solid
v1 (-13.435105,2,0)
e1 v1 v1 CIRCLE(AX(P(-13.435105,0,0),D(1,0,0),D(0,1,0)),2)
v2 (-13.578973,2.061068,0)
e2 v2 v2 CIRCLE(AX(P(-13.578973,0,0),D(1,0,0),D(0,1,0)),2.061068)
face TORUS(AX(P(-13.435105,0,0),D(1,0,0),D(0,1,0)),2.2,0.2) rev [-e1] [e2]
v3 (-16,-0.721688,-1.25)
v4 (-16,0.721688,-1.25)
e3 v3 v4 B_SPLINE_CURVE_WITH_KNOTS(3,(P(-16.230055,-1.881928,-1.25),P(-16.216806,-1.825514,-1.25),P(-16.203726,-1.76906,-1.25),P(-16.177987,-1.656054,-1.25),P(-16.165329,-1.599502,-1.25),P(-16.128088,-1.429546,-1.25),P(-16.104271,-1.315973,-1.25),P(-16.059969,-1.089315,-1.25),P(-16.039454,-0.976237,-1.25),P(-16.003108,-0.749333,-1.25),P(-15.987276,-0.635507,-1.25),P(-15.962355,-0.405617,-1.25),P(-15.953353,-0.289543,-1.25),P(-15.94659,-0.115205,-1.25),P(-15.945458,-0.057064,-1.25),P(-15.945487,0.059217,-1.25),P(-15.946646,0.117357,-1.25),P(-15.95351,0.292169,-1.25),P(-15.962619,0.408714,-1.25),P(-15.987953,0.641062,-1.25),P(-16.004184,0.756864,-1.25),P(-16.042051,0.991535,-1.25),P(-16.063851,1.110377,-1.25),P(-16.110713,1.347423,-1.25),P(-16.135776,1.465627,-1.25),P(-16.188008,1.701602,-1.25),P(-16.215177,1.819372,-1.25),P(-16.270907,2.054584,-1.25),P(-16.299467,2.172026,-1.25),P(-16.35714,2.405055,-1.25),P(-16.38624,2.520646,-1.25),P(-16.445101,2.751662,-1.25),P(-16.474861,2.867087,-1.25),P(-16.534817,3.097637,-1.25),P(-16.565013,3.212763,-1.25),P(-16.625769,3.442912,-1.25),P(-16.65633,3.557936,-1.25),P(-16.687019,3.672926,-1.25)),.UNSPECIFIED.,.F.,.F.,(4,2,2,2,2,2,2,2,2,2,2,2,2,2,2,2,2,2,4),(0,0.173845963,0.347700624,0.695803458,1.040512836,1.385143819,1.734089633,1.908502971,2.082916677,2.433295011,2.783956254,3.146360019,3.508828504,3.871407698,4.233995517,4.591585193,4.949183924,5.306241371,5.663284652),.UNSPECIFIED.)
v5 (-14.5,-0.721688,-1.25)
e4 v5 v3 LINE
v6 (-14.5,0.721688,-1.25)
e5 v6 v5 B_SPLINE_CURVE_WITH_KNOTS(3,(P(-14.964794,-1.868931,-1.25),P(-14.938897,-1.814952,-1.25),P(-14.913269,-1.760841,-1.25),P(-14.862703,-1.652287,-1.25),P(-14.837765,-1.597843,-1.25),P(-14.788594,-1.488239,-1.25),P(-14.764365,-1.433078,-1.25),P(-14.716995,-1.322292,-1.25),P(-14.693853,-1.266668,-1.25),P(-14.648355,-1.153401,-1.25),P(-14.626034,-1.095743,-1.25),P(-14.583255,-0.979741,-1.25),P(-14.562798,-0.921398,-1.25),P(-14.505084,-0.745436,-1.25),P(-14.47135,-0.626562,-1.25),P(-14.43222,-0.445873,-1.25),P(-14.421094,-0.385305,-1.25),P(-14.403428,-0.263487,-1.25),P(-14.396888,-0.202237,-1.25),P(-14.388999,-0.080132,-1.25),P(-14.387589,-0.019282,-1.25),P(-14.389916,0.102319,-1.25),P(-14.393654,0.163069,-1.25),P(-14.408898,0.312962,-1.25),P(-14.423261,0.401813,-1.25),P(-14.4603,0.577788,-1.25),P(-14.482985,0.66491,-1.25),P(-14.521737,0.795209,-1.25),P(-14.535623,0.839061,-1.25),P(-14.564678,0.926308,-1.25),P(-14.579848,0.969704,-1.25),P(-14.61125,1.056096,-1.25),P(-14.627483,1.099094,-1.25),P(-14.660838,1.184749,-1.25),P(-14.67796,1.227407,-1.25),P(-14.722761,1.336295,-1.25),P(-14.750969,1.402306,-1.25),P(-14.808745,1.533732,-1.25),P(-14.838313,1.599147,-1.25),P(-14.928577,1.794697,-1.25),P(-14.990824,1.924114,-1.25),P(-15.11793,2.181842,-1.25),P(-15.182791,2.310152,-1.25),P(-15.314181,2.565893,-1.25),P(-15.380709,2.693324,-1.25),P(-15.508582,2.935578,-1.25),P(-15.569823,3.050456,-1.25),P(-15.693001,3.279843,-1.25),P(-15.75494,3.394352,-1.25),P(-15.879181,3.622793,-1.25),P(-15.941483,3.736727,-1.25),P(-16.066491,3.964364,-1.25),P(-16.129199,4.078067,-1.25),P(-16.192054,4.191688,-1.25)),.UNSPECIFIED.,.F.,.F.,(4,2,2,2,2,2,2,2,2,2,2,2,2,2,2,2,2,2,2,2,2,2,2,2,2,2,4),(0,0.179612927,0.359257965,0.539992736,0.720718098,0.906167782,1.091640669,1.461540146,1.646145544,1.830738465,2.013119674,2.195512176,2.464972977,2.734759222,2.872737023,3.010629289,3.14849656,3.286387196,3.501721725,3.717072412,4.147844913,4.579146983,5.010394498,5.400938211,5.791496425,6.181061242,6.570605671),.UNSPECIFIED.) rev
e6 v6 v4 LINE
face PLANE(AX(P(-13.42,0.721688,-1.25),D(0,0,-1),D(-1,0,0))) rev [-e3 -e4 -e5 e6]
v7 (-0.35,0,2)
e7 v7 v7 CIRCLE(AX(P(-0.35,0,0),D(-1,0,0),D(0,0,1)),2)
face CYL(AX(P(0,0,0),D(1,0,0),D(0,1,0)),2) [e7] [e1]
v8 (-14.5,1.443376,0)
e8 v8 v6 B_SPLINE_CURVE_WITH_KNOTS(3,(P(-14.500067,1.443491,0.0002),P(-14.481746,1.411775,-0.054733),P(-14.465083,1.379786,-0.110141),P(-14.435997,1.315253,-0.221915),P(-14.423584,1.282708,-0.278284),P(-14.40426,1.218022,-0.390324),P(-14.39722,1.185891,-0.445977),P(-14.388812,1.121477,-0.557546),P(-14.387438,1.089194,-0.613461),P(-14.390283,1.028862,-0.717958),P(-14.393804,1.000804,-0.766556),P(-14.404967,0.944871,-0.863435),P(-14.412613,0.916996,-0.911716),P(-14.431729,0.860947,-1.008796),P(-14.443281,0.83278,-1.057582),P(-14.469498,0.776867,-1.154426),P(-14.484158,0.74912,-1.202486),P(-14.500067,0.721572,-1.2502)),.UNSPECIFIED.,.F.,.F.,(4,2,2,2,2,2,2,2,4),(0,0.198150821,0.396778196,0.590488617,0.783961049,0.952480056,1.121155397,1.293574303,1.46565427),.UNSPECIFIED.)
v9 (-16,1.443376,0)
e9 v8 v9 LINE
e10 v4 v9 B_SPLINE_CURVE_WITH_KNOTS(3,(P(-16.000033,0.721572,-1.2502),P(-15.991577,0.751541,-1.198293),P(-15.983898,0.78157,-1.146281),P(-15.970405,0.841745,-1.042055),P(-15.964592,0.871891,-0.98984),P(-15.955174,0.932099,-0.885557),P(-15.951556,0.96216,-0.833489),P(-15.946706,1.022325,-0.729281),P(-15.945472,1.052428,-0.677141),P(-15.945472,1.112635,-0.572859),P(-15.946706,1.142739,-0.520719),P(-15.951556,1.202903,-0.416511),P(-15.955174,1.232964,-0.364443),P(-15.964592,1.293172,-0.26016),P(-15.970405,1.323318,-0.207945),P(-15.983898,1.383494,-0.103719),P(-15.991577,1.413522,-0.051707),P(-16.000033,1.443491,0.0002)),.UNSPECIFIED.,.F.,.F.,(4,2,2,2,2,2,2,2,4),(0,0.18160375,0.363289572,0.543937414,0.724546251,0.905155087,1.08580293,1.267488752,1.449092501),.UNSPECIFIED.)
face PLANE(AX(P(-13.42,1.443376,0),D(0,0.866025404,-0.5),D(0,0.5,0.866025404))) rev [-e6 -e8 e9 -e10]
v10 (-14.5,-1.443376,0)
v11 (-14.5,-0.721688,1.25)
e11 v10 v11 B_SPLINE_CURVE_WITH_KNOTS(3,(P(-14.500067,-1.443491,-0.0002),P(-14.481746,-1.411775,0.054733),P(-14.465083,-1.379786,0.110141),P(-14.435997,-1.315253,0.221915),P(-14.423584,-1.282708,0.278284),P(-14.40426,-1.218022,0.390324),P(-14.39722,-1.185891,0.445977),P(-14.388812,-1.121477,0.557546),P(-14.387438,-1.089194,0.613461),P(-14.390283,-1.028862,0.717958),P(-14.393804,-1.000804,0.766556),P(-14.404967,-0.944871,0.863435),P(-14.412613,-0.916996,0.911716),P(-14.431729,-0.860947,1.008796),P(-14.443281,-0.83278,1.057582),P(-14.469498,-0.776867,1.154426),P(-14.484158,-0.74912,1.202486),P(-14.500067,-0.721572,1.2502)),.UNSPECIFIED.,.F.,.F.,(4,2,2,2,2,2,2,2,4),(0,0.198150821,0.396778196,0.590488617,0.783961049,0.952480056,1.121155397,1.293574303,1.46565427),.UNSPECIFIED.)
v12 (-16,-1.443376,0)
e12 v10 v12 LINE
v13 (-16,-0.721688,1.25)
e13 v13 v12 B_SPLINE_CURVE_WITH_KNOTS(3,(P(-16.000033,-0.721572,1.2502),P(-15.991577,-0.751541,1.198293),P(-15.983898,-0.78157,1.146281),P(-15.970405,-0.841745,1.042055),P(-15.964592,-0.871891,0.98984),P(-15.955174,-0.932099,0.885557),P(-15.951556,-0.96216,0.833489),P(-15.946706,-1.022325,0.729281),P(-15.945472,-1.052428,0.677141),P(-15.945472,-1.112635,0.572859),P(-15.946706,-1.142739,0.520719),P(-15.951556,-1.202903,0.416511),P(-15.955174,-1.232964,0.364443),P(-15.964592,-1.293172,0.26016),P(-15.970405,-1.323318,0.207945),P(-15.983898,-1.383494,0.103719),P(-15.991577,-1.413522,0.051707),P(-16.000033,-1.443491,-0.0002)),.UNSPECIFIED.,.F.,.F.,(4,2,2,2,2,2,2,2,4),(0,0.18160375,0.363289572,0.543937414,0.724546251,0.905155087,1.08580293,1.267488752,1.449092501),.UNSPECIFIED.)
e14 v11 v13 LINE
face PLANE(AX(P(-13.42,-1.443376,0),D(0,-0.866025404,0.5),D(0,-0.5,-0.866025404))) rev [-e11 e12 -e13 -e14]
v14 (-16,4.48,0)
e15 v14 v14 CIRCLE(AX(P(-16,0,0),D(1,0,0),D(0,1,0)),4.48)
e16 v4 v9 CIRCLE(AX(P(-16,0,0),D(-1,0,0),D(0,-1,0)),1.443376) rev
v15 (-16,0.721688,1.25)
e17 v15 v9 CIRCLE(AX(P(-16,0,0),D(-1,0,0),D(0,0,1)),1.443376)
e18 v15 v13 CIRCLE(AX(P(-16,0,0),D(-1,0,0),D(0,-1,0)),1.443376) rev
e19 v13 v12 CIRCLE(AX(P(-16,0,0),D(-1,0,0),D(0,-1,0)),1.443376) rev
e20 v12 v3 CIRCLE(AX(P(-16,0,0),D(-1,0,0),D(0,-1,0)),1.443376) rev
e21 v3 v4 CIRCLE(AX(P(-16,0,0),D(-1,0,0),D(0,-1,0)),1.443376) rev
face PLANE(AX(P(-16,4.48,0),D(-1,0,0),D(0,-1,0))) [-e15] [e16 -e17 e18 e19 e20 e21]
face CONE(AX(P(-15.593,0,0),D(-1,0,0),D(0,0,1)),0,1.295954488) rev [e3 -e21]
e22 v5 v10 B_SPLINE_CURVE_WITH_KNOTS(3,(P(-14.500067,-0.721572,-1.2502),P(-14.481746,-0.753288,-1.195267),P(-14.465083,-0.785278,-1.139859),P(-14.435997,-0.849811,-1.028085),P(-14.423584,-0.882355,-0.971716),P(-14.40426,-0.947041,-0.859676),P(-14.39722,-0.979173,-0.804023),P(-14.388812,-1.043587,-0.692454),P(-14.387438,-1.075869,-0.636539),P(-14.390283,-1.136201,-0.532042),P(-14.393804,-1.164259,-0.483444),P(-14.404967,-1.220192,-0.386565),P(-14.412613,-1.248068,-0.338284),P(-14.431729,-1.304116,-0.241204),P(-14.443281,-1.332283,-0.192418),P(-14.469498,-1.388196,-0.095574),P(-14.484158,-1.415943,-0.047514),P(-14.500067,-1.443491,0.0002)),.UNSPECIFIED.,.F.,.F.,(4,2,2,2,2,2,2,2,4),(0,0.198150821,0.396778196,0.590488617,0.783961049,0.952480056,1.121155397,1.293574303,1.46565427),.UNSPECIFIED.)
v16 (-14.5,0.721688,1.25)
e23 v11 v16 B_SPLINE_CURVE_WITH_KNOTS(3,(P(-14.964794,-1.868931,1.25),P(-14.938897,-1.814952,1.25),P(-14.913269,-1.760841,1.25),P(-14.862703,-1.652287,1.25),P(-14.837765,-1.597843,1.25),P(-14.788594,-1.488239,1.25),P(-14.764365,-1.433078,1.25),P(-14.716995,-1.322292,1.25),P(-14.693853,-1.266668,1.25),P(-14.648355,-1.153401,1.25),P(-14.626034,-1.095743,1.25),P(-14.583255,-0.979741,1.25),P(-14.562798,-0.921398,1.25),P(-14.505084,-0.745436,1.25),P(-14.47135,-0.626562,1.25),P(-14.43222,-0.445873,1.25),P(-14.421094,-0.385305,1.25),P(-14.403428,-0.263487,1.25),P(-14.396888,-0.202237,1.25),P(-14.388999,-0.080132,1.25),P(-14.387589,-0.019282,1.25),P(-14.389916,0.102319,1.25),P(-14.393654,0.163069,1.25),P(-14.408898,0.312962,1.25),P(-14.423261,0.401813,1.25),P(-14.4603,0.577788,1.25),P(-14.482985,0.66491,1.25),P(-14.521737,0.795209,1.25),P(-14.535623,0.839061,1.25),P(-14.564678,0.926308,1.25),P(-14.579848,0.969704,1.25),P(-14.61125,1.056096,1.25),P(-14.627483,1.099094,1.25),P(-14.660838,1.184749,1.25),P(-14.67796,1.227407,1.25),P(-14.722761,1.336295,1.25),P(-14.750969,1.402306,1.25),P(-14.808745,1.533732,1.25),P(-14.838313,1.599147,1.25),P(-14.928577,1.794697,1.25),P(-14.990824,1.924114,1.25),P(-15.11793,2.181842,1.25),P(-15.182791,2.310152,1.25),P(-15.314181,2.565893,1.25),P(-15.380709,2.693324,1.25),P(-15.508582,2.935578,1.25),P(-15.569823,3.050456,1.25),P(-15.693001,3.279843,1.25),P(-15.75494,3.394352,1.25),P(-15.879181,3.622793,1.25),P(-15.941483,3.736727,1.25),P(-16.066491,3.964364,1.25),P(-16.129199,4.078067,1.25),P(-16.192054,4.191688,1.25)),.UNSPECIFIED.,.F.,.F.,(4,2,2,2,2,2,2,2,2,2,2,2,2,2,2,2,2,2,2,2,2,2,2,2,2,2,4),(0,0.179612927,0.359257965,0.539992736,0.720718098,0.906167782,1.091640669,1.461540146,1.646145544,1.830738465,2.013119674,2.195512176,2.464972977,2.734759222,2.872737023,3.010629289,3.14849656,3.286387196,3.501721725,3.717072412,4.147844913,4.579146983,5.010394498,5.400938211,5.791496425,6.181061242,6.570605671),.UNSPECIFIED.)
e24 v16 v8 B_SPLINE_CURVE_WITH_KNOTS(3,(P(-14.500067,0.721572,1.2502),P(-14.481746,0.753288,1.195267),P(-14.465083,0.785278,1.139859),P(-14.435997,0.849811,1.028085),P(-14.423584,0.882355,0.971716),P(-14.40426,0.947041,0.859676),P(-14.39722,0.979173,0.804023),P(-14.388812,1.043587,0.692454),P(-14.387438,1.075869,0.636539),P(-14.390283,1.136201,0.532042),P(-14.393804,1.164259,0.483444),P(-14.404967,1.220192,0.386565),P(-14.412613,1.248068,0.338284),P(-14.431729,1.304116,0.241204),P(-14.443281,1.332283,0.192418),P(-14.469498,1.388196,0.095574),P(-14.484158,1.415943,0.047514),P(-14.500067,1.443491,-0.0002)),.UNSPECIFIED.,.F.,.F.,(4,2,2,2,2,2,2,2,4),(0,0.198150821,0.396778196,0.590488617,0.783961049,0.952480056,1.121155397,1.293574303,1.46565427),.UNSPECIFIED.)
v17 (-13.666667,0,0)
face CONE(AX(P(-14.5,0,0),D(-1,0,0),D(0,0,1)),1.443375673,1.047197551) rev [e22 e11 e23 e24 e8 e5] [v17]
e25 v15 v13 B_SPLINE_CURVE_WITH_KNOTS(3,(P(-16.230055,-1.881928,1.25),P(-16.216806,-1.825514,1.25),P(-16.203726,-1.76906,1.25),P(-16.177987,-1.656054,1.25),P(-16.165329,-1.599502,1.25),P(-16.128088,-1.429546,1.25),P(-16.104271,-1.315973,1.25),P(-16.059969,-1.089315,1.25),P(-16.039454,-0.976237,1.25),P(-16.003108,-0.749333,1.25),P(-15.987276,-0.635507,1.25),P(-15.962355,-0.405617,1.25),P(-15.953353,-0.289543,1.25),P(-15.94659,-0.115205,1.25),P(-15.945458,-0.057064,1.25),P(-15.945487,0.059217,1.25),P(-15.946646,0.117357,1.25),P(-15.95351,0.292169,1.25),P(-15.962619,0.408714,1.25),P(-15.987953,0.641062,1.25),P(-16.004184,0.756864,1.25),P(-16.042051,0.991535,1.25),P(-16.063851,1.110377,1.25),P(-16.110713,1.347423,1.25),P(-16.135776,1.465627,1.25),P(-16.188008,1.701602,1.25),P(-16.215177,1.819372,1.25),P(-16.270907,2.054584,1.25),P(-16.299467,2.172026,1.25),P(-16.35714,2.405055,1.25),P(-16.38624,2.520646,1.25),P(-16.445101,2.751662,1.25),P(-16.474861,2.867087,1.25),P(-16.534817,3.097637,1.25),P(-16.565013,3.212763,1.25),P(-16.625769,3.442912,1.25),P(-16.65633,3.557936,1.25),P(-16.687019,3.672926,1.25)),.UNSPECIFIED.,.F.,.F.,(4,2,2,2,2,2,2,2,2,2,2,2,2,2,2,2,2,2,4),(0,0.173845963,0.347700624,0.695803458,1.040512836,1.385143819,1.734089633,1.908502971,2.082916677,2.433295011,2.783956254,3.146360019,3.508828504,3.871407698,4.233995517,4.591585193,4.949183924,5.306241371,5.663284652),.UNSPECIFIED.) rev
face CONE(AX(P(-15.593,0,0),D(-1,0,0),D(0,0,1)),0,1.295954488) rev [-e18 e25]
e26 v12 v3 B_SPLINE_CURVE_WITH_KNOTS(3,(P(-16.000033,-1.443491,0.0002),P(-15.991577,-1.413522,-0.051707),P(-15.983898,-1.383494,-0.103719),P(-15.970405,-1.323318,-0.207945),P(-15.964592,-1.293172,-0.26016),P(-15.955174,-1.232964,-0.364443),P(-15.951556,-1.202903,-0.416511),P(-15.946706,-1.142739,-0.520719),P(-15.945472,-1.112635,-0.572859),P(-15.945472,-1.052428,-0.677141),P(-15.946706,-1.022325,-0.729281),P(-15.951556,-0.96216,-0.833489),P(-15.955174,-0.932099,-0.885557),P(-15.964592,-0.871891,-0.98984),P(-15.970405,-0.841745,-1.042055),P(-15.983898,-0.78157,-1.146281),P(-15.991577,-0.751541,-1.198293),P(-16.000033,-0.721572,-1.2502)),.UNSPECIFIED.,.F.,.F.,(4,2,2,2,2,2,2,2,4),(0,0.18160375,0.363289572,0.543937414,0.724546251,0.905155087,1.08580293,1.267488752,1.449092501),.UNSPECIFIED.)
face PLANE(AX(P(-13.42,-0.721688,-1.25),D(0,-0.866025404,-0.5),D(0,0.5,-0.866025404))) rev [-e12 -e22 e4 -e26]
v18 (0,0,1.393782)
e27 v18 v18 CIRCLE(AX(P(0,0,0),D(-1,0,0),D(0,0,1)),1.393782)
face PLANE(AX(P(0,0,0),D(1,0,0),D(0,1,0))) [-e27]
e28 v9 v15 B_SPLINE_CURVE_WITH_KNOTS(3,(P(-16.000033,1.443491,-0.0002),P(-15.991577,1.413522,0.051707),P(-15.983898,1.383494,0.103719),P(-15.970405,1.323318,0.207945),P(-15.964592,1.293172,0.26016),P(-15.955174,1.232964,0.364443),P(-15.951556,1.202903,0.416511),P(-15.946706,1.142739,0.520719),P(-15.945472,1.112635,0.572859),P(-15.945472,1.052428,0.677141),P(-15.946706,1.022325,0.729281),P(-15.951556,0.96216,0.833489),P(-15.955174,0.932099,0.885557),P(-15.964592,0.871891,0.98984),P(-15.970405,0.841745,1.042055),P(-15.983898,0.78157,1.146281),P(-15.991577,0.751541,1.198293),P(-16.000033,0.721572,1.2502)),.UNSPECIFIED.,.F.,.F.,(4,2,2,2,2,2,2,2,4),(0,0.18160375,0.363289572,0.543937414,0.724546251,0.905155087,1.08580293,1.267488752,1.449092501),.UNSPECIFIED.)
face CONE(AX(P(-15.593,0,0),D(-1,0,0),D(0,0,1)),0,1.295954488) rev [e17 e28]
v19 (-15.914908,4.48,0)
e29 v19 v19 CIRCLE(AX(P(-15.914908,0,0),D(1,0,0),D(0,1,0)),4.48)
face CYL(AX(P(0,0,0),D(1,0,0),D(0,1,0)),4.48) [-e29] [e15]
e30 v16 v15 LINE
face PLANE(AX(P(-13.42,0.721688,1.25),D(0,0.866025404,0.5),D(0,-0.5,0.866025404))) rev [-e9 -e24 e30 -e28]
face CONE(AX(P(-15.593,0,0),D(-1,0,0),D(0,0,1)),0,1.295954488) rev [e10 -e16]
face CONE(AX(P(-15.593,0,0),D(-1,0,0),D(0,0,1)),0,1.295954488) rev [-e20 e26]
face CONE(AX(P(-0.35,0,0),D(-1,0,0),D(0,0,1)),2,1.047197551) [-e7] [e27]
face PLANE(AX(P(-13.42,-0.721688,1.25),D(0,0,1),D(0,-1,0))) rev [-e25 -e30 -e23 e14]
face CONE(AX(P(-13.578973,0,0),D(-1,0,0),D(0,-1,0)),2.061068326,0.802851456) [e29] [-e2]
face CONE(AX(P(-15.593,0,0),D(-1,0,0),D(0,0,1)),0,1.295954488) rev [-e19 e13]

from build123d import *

# Parameters (mm, degrees)
CUT_EXTRUDE_1_DEPTH = 2.58


with BuildPart() as part:
    # Sketch 1 → Revolve 1 (revolve)
    with BuildSketch(Plane.XY):
        with BuildLine():
            Line((0, 2), (-13.435105037, 2))
            ThreePointArc((-13.435105037, 2), (-13.513251262, 2.015899029), (-13.578972997, 2.061068326))
            Line((-13.578972997, 2.061068326), (-15.914908162, 4.48))
            Line((-15.914908162, 4.48), (-16, 4.48))
            Line((-16, 4.48), (-16, 0))
            Line((-16, 0), (0, 0))
            Line((0, 0), (0, 2))
        make_face()
    revolve(axis=Axis((0, 0, 0), (-1, 0, 0)))

    # Sketch 2 → Cut-Extrude 1 (cut)
    with BuildSketch(Plane.ZY.offset(16)):
        Polygon((0, 1.443375673), (-1.25, 0.721687836), (-1.25, -0.721687836), (0, -1.443375673), (1.25, -0.721687836), (1.25, 0.721687836), align=None)
    extrude(amount=-CUT_EXTRUDE_1_DEPTH, mode=Mode.SUBTRACT)

    # Sketch 6 → Revolve 2 (revolve)
    with BuildSketch(Plane.XY):
        Polygon((-14.5, 1.443375673), (-13.666666667, 0), (-13.05, 0), (-13.05, 1.443375673), align=None)
    revolve(axis=Axis((-16, 0, 0), (1, 0, 0)))

    # Sketch 7 → Cut-Revolve 2 (revolve, cut)
    with BuildSketch(Plane.XY):
        Polygon((-16, 1.443375673), (-16, 0), (-15.593, 0), align=None)
    revolve(axis=Axis((-16, 0, 0), (1, 0, 0)), mode=Mode.SUBTRACT)

    # Sketch 4 → Cut-Revolve 1 (revolve, cut)
    with BuildSketch(Plane.XY):
        Polygon((-0.35, 2), (0, 1.393782217), (0.35, 2), align=None)
    revolve(axis=Axis((-0.35, 0, 0), (1, 0, 0)), mode=Mode.SUBTRACT)


solid = part.part
